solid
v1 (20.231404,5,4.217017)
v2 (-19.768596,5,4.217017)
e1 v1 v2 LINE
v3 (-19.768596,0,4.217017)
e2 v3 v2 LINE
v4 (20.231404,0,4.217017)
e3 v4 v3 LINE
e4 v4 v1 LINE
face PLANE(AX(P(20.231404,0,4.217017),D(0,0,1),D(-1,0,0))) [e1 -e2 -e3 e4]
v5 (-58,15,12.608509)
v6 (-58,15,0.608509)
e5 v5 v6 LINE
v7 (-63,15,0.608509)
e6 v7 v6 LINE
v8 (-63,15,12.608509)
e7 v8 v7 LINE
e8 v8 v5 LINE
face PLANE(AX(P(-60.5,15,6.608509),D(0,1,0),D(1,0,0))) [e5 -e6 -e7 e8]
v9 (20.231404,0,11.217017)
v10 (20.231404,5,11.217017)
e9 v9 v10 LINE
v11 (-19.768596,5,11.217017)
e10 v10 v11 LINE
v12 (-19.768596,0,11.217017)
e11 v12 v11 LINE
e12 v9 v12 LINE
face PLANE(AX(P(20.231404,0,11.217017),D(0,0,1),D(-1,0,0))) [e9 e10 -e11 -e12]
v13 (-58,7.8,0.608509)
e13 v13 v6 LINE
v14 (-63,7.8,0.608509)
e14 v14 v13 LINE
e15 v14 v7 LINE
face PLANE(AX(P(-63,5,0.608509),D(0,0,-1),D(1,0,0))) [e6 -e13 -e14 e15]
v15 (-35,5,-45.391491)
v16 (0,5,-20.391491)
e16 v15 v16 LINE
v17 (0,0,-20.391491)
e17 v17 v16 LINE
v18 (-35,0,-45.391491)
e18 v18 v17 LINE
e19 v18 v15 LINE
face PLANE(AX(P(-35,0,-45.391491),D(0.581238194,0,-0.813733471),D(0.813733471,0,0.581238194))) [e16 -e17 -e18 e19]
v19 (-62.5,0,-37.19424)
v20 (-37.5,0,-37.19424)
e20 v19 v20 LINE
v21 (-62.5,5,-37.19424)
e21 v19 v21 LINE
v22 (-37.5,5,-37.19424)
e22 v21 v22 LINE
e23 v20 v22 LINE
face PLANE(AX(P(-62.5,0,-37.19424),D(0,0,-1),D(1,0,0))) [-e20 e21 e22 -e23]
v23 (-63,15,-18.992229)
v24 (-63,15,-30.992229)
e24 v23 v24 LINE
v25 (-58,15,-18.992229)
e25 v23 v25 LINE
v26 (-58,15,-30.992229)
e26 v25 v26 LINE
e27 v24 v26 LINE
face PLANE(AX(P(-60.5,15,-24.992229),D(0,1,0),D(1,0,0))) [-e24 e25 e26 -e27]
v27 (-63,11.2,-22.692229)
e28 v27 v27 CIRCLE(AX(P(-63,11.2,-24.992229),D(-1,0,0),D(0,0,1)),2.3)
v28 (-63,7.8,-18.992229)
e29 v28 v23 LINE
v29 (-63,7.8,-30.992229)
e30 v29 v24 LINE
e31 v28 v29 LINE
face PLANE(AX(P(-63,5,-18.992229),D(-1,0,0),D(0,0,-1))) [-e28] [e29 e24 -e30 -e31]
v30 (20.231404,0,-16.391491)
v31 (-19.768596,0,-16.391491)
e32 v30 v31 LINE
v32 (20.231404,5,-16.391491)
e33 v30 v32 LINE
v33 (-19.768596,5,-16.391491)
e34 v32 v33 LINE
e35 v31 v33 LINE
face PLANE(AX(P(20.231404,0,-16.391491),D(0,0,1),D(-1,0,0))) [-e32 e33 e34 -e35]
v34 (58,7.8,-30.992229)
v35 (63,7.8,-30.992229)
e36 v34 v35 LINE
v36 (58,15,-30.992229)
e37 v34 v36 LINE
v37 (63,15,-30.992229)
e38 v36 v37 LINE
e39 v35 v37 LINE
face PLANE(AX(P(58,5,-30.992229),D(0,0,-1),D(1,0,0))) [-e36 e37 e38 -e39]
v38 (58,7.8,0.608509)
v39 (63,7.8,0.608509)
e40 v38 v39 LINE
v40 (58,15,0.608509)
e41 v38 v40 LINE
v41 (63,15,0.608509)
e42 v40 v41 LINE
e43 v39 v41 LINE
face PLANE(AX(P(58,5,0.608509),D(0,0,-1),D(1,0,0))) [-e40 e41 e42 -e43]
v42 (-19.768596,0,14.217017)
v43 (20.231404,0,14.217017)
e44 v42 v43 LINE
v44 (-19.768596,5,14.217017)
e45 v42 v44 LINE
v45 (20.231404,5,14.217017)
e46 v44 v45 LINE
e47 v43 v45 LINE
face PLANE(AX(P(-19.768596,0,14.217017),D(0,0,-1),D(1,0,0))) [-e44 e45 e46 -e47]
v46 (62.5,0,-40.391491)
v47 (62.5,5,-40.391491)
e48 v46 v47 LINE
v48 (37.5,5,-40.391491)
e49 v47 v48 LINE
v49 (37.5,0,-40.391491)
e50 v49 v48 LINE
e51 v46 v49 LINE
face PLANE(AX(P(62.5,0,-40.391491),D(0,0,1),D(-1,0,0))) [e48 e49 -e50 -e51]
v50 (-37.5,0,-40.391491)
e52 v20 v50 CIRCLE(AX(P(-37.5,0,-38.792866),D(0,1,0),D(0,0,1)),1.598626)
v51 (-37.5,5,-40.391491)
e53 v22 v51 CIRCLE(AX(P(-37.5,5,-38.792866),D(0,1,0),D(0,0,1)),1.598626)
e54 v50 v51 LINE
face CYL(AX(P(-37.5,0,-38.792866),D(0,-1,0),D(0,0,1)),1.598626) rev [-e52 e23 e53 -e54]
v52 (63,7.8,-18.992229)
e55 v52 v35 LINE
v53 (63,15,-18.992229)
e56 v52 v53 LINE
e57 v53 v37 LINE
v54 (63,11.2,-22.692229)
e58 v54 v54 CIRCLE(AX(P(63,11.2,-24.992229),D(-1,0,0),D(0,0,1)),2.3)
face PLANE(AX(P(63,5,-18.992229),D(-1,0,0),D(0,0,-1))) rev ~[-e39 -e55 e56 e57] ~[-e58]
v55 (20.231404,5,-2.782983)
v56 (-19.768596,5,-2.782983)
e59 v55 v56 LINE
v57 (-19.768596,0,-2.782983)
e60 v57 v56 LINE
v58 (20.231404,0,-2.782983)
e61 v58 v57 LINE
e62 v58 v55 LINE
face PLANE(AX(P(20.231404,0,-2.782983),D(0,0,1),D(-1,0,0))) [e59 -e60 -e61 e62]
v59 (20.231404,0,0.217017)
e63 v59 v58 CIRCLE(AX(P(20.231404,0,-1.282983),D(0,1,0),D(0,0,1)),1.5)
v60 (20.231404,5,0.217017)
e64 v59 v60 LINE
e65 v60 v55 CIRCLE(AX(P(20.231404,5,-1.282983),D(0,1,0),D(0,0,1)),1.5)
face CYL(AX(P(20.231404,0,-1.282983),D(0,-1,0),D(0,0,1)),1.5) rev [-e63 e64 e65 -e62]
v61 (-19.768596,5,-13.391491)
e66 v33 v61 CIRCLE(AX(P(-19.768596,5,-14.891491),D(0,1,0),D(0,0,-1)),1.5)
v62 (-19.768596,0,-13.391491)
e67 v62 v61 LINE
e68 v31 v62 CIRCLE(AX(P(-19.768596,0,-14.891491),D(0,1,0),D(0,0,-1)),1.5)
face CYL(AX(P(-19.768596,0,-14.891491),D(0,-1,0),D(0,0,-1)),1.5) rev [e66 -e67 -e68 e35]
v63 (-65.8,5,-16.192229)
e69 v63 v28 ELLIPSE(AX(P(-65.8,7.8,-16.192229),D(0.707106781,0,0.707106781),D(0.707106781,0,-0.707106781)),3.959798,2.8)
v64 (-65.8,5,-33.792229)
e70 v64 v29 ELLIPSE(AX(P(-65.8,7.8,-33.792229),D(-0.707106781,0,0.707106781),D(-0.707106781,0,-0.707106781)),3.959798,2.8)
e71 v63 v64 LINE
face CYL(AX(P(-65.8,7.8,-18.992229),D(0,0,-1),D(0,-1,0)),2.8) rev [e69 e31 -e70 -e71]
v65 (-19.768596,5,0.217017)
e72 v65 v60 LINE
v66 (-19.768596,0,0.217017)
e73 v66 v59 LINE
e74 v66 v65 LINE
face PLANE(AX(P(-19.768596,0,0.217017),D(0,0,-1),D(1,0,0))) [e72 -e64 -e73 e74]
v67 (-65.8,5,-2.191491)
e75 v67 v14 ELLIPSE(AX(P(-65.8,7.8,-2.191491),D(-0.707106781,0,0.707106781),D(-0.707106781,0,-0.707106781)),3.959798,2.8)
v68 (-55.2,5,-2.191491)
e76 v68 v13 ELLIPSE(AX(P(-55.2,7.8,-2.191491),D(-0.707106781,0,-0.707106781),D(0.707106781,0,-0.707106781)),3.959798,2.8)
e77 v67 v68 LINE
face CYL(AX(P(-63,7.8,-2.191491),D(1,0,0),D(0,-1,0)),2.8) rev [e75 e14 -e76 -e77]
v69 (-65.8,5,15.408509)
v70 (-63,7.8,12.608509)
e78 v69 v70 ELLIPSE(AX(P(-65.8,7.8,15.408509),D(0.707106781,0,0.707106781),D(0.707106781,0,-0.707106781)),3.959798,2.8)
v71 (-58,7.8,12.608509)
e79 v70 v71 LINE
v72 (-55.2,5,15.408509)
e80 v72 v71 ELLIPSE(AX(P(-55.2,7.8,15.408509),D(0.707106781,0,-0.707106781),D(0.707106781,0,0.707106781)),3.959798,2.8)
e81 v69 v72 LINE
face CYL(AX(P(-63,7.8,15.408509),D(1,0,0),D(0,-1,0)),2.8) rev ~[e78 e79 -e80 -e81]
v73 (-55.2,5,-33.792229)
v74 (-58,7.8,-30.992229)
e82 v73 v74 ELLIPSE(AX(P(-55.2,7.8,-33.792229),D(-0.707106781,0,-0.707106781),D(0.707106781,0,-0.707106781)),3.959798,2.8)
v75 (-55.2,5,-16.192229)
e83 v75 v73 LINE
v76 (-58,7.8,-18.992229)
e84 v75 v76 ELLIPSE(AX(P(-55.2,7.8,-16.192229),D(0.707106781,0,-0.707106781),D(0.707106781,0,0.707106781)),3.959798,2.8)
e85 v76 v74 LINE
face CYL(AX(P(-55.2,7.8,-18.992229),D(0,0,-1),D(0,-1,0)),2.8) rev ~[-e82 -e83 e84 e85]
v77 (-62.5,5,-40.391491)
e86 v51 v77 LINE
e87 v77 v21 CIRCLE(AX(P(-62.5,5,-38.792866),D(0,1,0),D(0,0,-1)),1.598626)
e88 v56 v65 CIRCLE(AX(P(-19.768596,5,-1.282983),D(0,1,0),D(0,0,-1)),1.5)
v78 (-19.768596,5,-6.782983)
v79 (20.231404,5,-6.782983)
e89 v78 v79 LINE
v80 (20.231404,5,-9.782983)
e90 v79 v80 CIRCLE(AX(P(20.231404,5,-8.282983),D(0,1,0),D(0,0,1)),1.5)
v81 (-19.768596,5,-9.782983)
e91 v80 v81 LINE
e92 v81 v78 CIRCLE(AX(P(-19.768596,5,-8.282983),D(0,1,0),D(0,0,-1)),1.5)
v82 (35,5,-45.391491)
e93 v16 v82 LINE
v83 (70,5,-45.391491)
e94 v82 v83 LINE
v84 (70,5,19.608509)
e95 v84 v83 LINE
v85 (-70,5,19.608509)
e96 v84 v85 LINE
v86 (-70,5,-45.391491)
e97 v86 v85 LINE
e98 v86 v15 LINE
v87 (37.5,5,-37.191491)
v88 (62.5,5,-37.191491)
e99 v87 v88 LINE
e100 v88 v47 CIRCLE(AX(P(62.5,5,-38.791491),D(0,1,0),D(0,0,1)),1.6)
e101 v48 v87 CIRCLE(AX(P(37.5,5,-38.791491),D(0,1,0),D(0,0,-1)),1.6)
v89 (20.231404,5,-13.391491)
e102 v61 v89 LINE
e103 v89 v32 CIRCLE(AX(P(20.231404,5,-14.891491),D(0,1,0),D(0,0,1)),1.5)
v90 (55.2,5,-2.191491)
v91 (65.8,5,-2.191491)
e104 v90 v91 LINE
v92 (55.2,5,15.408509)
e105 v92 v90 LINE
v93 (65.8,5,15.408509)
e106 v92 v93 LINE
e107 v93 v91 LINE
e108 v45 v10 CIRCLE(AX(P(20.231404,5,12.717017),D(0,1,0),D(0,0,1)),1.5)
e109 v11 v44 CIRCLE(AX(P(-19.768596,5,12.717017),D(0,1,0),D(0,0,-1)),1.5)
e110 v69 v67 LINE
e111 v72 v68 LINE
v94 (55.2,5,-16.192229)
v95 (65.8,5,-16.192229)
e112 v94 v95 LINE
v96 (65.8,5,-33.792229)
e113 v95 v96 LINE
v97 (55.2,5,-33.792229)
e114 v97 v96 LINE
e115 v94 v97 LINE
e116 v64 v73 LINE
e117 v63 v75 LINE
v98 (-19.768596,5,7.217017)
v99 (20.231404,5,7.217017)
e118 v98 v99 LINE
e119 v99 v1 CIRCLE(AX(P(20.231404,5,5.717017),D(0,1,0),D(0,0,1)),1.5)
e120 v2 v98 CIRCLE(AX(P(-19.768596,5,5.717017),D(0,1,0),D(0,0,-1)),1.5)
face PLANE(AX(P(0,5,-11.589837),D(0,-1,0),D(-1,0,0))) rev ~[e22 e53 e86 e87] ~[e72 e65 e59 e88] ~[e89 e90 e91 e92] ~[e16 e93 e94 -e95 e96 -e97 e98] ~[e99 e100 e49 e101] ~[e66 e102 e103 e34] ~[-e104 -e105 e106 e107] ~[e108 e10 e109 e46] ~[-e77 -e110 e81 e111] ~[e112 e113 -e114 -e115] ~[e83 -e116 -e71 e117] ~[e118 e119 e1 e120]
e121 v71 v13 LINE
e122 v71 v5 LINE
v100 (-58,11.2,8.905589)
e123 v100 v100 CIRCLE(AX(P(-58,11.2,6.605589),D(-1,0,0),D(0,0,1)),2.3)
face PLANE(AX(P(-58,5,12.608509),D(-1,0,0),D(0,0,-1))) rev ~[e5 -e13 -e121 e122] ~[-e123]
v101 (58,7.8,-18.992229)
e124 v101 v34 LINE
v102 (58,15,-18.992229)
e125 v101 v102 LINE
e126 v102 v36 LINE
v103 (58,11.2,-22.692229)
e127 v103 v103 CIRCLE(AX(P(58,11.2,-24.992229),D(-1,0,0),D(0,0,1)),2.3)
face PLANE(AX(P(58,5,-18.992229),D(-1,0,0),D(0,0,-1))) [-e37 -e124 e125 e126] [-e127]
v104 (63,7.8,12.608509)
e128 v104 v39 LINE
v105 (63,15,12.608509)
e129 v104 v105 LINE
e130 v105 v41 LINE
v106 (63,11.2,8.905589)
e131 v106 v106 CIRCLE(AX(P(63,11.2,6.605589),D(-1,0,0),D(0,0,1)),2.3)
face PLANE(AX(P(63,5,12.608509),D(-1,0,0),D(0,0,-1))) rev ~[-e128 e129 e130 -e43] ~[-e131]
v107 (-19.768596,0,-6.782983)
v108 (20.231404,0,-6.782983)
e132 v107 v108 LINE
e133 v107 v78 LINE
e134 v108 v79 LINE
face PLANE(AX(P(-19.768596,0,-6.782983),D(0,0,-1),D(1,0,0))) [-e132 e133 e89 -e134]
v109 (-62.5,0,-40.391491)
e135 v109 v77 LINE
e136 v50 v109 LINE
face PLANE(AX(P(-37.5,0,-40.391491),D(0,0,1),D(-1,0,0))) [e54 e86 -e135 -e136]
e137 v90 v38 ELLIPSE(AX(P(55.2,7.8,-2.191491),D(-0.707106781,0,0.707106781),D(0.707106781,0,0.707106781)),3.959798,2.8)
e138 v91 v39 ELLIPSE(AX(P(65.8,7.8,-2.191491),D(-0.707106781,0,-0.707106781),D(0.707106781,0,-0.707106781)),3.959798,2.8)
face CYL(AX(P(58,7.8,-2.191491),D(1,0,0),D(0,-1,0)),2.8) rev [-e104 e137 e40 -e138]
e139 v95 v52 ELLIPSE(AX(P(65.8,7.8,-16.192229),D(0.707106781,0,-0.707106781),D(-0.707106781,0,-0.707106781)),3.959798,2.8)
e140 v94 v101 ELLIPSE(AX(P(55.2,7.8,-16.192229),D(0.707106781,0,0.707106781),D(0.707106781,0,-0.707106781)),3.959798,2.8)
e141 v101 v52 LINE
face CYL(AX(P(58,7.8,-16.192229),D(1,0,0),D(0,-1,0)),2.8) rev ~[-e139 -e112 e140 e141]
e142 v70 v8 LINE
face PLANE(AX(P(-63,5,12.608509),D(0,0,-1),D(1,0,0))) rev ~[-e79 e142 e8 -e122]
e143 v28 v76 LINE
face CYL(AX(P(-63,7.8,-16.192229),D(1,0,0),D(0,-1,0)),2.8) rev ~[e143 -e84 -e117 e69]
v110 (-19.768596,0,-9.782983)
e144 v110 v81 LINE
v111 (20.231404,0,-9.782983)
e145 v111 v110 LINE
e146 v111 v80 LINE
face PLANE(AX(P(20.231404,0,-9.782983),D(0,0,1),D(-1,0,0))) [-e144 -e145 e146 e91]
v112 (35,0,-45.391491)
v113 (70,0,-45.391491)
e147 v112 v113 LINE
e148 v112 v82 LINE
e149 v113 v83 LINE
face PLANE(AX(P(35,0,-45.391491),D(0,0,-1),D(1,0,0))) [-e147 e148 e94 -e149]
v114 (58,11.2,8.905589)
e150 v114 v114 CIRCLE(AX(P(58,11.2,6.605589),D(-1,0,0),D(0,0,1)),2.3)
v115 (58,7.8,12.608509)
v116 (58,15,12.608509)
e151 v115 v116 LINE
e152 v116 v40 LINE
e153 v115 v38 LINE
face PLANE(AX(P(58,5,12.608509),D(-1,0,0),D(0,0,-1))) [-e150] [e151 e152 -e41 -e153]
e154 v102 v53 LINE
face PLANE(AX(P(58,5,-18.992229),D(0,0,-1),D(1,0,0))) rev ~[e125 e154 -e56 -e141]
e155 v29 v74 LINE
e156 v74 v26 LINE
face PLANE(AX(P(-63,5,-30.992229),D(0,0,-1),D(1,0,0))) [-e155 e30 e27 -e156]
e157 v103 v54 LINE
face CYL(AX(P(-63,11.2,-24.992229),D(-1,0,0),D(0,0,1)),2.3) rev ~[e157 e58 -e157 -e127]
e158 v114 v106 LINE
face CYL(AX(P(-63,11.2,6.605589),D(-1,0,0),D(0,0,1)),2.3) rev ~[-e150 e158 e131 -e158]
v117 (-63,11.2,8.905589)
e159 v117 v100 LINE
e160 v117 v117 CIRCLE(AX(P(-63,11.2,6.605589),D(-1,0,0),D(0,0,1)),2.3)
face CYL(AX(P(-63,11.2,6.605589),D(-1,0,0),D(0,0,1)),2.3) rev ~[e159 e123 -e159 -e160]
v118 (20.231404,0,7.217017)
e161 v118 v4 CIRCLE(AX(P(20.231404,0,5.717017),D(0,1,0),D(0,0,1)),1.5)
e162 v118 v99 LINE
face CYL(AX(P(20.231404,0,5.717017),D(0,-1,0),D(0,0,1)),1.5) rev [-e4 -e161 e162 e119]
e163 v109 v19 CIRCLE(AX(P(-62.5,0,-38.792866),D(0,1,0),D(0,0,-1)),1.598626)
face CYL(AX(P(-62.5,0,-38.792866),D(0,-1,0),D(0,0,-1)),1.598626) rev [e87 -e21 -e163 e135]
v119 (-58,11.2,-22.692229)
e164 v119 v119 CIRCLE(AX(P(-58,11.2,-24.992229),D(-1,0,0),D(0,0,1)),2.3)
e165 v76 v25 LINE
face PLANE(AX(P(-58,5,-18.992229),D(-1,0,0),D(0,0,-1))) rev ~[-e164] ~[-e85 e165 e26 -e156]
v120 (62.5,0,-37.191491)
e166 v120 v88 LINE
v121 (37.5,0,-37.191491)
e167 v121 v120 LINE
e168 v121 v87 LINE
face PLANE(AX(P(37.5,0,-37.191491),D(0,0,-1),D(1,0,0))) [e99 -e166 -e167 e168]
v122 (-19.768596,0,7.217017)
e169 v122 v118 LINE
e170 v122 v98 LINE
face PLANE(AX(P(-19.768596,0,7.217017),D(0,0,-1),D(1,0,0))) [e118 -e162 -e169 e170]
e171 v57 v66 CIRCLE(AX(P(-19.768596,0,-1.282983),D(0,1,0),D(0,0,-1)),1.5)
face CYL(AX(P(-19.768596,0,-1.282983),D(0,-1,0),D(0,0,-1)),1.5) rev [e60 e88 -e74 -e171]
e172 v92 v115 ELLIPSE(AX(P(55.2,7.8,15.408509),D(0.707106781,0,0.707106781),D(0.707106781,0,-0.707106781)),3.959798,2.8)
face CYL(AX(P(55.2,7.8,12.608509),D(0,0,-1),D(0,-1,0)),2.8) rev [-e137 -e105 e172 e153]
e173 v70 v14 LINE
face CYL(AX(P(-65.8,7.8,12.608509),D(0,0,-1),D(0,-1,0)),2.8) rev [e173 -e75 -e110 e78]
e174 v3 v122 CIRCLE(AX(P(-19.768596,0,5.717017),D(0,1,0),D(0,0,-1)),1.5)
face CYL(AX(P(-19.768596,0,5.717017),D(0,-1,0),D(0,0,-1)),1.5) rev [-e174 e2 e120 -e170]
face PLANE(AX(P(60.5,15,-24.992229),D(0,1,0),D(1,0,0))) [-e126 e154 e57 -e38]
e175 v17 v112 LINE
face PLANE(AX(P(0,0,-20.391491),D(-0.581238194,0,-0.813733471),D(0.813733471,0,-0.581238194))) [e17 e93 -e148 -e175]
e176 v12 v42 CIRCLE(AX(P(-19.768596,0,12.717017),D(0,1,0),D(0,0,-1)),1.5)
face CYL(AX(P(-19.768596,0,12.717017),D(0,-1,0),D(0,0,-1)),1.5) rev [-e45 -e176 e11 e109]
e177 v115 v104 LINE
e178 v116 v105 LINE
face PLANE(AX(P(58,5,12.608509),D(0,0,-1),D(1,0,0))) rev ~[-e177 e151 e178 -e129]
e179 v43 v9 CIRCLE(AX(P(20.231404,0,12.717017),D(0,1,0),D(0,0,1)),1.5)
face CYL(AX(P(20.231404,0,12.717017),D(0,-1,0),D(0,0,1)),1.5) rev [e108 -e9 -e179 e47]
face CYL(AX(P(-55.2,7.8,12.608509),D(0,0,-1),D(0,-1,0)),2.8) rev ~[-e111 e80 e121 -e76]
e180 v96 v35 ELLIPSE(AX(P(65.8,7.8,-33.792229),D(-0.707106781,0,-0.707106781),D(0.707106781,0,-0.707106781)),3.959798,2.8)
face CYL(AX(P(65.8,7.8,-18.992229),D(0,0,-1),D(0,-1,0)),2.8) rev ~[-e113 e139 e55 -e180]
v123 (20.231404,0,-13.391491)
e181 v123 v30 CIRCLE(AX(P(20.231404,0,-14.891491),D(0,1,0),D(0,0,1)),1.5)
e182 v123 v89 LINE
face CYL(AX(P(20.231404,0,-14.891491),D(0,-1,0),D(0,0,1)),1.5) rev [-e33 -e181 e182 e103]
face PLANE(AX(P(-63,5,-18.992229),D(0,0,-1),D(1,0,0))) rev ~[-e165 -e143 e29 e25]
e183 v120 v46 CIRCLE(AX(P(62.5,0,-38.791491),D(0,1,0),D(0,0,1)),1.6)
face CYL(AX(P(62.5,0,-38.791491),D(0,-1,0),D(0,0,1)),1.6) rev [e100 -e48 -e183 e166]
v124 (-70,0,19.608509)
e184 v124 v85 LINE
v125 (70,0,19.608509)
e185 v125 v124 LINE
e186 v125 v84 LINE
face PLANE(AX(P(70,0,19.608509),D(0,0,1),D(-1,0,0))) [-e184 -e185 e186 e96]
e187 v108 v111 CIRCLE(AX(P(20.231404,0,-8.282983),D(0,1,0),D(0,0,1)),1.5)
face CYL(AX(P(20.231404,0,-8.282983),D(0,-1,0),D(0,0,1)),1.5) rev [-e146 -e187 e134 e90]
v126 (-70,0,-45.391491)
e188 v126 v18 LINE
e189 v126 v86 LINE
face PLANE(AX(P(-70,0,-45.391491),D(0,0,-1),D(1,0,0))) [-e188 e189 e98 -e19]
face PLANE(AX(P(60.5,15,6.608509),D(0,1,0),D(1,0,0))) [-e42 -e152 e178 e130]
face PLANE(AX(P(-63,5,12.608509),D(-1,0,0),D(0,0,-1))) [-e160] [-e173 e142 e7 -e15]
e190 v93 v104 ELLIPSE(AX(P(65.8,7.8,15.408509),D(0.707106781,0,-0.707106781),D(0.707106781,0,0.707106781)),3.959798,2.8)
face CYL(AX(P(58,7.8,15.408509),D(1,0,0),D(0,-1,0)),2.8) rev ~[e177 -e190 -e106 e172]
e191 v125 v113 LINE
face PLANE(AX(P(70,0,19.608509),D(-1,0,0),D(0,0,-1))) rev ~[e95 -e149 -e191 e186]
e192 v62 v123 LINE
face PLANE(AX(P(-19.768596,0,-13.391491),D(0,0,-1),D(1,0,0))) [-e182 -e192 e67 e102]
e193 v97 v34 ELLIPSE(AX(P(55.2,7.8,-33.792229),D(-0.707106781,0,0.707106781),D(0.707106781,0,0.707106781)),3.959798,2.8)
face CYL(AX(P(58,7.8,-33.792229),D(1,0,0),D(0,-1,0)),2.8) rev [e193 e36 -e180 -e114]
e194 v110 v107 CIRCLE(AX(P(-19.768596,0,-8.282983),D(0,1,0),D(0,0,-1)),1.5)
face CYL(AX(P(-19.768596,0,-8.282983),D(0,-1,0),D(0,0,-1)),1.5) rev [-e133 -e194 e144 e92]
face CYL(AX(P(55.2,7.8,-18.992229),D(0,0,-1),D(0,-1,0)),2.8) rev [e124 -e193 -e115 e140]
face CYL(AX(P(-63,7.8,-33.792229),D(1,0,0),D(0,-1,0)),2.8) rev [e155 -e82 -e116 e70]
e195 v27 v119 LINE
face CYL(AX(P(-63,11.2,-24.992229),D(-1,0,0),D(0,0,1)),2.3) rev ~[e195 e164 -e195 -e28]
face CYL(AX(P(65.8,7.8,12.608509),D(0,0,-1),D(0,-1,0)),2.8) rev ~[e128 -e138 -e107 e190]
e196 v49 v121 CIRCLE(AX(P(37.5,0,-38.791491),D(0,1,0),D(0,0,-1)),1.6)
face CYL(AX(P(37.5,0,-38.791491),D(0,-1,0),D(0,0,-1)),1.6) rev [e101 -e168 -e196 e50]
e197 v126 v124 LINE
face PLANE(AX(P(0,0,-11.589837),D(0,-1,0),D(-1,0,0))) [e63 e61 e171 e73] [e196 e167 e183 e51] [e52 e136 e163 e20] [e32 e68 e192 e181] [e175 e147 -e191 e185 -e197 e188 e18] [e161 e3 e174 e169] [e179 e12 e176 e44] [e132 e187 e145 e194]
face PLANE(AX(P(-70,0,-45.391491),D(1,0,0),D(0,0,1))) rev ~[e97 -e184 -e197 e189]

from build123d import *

# Parameters (mm, degrees)
BOSS_EXTRU_1_DEPTH      = 5
ESQUISSE3_W             = 5
ESQUISSE3_H             = 12
BOSS_EXTRU_2_DEPTH      = 10
ESQUISSE4_R             = 2.3
ENL_V_MAT_EXTRU_1_DEPTH = 142.330773303
CONG_1_R                = 2.8


with BuildPart() as part:
    # Esquisse1 → Boss.-Extru.1 (new body)
    with BuildSketch(Plane(origin=(0, 0, 0), x_dir=(1, 0, 0), z_dir=(0, 1, 0))):
        Polygon((70, 45.391491299), (70, 20.391491299), (70, -19.608508701), (-70, -19.608508701), (-70, 20.391491299), (-70, 45.391491299), (-35, 45.391491299), (0, 20.391491299), (35, 45.391491299), align=None)
        with BuildLine():
            ThreePointArc((62.5, 37.191491299), (64.1, 38.791491299), (62.5, 40.391491299))
            Line((62.5, 40.391491299), (37.5, 40.391491299))
            ThreePointArc((37.5, 40.391491299), (35.9, 38.791491299), (37.5, 37.191491299))
            Line((37.5, 37.191491299), (62.5, 37.191491299))
        make_face(mode=Mode.SUBTRACT)
        with BuildLine():
            ThreePointArc((-37.5, 37.194239818), (-35.90137426, 38.792865558), (-37.5, 40.391491299))
            Line((-37.5, 40.391491299), (-62.5, 40.391491299))
            ThreePointArc((-62.5, 40.391491299), (-64.09862574, 38.792865558), (-62.5, 37.194239818))
            Line((-62.5, 37.194239818), (-37.5, 37.194239818))
        make_face(mode=Mode.SUBTRACT)
        with BuildLine():
            ThreePointArc((20.231404284, -14.217017403), (21.731404284, -12.717017403), (20.231404284, -11.217017403))
            Line((20.231404284, -11.217017403), (-19.768595716, -11.217017403))
            ThreePointArc((-19.768595716, -11.217017403), (-21.268595716, -12.717017403), (-19.768595716, -14.217017403))
            Line((-19.768595716, -14.217017403), (20.231404284, -14.217017403))
        make_face(mode=Mode.SUBTRACT)
        with BuildLine():
            ThreePointArc((20.231404284, -7.217017403), (21.731404284, -5.717017403), (20.231404284, -4.217017403))
            Line((20.231404284, -4.217017403), (-19.768595716, -4.217017403))
            ThreePointArc((-19.768595716, -4.217017403), (-21.268595716, -5.717017403), (-19.768595716, -7.217017403))
            Line((-19.768595716, -7.217017403), (20.231404284, -7.217017403))
        make_face(mode=Mode.SUBTRACT)
        with BuildLine():
            ThreePointArc((20.231404284, 13.391491299), (21.731404284, 14.891491299), (20.231404284, 16.391491299))
            Line((20.231404284, 16.391491299), (-19.768595716, 16.391491299))
            ThreePointArc((-19.768595716, 16.391491299), (-21.268595716, 14.891491299), (-19.768595716, 13.391491299))
            Line((-19.768595716, 13.391491299), (20.231404284, 13.391491299))
        make_face(mode=Mode.SUBTRACT)
        with BuildLine():
            ThreePointArc((20.231404284, 6.782982597), (21.731404284, 8.282982597), (20.231404284, 9.782982597))
            Line((20.231404284, 9.782982597), (-19.768595716, 9.782982597))
            ThreePointArc((-19.768595716, 9.782982597), (-21.268595716, 8.282982597), (-19.768595716, 6.782982597))
            Line((-19.768595716, 6.782982597), (20.231404284, 6.782982597))
        make_face(mode=Mode.SUBTRACT)
        with BuildLine():
            ThreePointArc((20.231404284, -0.217017403), (21.731404284, 1.282982597), (20.231404284, 2.782982597))
            Line((20.231404284, 2.782982597), (-19.768595716, 2.782982597))
            ThreePointArc((-19.768595716, 2.782982597), (-21.268595716, 1.282982597), (-19.768595716, -0.217017403))
            Line((-19.768595716, -0.217017403), (20.231404284, -0.217017403))
        make_face(mode=Mode.SUBTRACT)
    extrude(amount=BOSS_EXTRU_1_DEPTH)

    # Esquisse3 → Boss.-Extru.2 (add)
    with BuildSketch(Plane(origin=(0, 5, 0), x_dir=(1, 0, 0), z_dir=(0, 1, 0))):
        with Locations((-60.5, 24.992228824)):
            Rectangle(ESQUISSE3_W, ESQUISSE3_H)
        with Locations((-60.5, -6.608508701)):
            Rectangle(ESQUISSE3_W, ESQUISSE3_H)
        with Locations((60.5, -6.608508701)):
            Rectangle(ESQUISSE3_W, ESQUISSE3_H)
        with Locations((60.5, 24.992228824)):
            Rectangle(ESQUISSE3_W, ESQUISSE3_H)
    extrude(amount=BOSS_EXTRU_2_DEPTH)

    # Esquisse4 → Enlèv. mat.-Extru.1 (cut, through all)
    with BuildSketch(Plane.ZY.offset(63)):
        with Locations((-24.992228824, 11.2)):
            Circle(ESQUISSE4_R)
        with Locations((6.605588836, 11.2)):
            Circle(ESQUISSE4_R)
    extrude(amount=-ENL_V_MAT_EXTRU_1_DEPTH, mode=Mode.SUBTRACT)

    # Congé1
    cong_1_edges = [part.edges().sort_by_distance(p)[0] for p in [
        (-63, 5, -24.992228824),
        (-60.5, 5, -18.992228824),
        (-58, 5, -24.992228824),
        (-60.5, 5, -30.992228824),
        (-63, 5, 6.608508701),
        (-60.5, 5, 12.608508701),
        (-58, 5, 6.608508701),
        (-60.5, 5, 0.608508701),
        (60.5, 5, 0.608508701),
        (58, 5, 6.608508701),
        (60.5, 5, 12.608508701),
        (63, 5, 6.608508701),
        (63, 5, -24.992228824),
        (60.5, 5, -30.992228824),
        (58, 5, -24.992228824),
        (60.5, 5, -18.992228824),
    ]]
    fillet(cong_1_edges, radius=CONG_1_R)


solid = part.part
